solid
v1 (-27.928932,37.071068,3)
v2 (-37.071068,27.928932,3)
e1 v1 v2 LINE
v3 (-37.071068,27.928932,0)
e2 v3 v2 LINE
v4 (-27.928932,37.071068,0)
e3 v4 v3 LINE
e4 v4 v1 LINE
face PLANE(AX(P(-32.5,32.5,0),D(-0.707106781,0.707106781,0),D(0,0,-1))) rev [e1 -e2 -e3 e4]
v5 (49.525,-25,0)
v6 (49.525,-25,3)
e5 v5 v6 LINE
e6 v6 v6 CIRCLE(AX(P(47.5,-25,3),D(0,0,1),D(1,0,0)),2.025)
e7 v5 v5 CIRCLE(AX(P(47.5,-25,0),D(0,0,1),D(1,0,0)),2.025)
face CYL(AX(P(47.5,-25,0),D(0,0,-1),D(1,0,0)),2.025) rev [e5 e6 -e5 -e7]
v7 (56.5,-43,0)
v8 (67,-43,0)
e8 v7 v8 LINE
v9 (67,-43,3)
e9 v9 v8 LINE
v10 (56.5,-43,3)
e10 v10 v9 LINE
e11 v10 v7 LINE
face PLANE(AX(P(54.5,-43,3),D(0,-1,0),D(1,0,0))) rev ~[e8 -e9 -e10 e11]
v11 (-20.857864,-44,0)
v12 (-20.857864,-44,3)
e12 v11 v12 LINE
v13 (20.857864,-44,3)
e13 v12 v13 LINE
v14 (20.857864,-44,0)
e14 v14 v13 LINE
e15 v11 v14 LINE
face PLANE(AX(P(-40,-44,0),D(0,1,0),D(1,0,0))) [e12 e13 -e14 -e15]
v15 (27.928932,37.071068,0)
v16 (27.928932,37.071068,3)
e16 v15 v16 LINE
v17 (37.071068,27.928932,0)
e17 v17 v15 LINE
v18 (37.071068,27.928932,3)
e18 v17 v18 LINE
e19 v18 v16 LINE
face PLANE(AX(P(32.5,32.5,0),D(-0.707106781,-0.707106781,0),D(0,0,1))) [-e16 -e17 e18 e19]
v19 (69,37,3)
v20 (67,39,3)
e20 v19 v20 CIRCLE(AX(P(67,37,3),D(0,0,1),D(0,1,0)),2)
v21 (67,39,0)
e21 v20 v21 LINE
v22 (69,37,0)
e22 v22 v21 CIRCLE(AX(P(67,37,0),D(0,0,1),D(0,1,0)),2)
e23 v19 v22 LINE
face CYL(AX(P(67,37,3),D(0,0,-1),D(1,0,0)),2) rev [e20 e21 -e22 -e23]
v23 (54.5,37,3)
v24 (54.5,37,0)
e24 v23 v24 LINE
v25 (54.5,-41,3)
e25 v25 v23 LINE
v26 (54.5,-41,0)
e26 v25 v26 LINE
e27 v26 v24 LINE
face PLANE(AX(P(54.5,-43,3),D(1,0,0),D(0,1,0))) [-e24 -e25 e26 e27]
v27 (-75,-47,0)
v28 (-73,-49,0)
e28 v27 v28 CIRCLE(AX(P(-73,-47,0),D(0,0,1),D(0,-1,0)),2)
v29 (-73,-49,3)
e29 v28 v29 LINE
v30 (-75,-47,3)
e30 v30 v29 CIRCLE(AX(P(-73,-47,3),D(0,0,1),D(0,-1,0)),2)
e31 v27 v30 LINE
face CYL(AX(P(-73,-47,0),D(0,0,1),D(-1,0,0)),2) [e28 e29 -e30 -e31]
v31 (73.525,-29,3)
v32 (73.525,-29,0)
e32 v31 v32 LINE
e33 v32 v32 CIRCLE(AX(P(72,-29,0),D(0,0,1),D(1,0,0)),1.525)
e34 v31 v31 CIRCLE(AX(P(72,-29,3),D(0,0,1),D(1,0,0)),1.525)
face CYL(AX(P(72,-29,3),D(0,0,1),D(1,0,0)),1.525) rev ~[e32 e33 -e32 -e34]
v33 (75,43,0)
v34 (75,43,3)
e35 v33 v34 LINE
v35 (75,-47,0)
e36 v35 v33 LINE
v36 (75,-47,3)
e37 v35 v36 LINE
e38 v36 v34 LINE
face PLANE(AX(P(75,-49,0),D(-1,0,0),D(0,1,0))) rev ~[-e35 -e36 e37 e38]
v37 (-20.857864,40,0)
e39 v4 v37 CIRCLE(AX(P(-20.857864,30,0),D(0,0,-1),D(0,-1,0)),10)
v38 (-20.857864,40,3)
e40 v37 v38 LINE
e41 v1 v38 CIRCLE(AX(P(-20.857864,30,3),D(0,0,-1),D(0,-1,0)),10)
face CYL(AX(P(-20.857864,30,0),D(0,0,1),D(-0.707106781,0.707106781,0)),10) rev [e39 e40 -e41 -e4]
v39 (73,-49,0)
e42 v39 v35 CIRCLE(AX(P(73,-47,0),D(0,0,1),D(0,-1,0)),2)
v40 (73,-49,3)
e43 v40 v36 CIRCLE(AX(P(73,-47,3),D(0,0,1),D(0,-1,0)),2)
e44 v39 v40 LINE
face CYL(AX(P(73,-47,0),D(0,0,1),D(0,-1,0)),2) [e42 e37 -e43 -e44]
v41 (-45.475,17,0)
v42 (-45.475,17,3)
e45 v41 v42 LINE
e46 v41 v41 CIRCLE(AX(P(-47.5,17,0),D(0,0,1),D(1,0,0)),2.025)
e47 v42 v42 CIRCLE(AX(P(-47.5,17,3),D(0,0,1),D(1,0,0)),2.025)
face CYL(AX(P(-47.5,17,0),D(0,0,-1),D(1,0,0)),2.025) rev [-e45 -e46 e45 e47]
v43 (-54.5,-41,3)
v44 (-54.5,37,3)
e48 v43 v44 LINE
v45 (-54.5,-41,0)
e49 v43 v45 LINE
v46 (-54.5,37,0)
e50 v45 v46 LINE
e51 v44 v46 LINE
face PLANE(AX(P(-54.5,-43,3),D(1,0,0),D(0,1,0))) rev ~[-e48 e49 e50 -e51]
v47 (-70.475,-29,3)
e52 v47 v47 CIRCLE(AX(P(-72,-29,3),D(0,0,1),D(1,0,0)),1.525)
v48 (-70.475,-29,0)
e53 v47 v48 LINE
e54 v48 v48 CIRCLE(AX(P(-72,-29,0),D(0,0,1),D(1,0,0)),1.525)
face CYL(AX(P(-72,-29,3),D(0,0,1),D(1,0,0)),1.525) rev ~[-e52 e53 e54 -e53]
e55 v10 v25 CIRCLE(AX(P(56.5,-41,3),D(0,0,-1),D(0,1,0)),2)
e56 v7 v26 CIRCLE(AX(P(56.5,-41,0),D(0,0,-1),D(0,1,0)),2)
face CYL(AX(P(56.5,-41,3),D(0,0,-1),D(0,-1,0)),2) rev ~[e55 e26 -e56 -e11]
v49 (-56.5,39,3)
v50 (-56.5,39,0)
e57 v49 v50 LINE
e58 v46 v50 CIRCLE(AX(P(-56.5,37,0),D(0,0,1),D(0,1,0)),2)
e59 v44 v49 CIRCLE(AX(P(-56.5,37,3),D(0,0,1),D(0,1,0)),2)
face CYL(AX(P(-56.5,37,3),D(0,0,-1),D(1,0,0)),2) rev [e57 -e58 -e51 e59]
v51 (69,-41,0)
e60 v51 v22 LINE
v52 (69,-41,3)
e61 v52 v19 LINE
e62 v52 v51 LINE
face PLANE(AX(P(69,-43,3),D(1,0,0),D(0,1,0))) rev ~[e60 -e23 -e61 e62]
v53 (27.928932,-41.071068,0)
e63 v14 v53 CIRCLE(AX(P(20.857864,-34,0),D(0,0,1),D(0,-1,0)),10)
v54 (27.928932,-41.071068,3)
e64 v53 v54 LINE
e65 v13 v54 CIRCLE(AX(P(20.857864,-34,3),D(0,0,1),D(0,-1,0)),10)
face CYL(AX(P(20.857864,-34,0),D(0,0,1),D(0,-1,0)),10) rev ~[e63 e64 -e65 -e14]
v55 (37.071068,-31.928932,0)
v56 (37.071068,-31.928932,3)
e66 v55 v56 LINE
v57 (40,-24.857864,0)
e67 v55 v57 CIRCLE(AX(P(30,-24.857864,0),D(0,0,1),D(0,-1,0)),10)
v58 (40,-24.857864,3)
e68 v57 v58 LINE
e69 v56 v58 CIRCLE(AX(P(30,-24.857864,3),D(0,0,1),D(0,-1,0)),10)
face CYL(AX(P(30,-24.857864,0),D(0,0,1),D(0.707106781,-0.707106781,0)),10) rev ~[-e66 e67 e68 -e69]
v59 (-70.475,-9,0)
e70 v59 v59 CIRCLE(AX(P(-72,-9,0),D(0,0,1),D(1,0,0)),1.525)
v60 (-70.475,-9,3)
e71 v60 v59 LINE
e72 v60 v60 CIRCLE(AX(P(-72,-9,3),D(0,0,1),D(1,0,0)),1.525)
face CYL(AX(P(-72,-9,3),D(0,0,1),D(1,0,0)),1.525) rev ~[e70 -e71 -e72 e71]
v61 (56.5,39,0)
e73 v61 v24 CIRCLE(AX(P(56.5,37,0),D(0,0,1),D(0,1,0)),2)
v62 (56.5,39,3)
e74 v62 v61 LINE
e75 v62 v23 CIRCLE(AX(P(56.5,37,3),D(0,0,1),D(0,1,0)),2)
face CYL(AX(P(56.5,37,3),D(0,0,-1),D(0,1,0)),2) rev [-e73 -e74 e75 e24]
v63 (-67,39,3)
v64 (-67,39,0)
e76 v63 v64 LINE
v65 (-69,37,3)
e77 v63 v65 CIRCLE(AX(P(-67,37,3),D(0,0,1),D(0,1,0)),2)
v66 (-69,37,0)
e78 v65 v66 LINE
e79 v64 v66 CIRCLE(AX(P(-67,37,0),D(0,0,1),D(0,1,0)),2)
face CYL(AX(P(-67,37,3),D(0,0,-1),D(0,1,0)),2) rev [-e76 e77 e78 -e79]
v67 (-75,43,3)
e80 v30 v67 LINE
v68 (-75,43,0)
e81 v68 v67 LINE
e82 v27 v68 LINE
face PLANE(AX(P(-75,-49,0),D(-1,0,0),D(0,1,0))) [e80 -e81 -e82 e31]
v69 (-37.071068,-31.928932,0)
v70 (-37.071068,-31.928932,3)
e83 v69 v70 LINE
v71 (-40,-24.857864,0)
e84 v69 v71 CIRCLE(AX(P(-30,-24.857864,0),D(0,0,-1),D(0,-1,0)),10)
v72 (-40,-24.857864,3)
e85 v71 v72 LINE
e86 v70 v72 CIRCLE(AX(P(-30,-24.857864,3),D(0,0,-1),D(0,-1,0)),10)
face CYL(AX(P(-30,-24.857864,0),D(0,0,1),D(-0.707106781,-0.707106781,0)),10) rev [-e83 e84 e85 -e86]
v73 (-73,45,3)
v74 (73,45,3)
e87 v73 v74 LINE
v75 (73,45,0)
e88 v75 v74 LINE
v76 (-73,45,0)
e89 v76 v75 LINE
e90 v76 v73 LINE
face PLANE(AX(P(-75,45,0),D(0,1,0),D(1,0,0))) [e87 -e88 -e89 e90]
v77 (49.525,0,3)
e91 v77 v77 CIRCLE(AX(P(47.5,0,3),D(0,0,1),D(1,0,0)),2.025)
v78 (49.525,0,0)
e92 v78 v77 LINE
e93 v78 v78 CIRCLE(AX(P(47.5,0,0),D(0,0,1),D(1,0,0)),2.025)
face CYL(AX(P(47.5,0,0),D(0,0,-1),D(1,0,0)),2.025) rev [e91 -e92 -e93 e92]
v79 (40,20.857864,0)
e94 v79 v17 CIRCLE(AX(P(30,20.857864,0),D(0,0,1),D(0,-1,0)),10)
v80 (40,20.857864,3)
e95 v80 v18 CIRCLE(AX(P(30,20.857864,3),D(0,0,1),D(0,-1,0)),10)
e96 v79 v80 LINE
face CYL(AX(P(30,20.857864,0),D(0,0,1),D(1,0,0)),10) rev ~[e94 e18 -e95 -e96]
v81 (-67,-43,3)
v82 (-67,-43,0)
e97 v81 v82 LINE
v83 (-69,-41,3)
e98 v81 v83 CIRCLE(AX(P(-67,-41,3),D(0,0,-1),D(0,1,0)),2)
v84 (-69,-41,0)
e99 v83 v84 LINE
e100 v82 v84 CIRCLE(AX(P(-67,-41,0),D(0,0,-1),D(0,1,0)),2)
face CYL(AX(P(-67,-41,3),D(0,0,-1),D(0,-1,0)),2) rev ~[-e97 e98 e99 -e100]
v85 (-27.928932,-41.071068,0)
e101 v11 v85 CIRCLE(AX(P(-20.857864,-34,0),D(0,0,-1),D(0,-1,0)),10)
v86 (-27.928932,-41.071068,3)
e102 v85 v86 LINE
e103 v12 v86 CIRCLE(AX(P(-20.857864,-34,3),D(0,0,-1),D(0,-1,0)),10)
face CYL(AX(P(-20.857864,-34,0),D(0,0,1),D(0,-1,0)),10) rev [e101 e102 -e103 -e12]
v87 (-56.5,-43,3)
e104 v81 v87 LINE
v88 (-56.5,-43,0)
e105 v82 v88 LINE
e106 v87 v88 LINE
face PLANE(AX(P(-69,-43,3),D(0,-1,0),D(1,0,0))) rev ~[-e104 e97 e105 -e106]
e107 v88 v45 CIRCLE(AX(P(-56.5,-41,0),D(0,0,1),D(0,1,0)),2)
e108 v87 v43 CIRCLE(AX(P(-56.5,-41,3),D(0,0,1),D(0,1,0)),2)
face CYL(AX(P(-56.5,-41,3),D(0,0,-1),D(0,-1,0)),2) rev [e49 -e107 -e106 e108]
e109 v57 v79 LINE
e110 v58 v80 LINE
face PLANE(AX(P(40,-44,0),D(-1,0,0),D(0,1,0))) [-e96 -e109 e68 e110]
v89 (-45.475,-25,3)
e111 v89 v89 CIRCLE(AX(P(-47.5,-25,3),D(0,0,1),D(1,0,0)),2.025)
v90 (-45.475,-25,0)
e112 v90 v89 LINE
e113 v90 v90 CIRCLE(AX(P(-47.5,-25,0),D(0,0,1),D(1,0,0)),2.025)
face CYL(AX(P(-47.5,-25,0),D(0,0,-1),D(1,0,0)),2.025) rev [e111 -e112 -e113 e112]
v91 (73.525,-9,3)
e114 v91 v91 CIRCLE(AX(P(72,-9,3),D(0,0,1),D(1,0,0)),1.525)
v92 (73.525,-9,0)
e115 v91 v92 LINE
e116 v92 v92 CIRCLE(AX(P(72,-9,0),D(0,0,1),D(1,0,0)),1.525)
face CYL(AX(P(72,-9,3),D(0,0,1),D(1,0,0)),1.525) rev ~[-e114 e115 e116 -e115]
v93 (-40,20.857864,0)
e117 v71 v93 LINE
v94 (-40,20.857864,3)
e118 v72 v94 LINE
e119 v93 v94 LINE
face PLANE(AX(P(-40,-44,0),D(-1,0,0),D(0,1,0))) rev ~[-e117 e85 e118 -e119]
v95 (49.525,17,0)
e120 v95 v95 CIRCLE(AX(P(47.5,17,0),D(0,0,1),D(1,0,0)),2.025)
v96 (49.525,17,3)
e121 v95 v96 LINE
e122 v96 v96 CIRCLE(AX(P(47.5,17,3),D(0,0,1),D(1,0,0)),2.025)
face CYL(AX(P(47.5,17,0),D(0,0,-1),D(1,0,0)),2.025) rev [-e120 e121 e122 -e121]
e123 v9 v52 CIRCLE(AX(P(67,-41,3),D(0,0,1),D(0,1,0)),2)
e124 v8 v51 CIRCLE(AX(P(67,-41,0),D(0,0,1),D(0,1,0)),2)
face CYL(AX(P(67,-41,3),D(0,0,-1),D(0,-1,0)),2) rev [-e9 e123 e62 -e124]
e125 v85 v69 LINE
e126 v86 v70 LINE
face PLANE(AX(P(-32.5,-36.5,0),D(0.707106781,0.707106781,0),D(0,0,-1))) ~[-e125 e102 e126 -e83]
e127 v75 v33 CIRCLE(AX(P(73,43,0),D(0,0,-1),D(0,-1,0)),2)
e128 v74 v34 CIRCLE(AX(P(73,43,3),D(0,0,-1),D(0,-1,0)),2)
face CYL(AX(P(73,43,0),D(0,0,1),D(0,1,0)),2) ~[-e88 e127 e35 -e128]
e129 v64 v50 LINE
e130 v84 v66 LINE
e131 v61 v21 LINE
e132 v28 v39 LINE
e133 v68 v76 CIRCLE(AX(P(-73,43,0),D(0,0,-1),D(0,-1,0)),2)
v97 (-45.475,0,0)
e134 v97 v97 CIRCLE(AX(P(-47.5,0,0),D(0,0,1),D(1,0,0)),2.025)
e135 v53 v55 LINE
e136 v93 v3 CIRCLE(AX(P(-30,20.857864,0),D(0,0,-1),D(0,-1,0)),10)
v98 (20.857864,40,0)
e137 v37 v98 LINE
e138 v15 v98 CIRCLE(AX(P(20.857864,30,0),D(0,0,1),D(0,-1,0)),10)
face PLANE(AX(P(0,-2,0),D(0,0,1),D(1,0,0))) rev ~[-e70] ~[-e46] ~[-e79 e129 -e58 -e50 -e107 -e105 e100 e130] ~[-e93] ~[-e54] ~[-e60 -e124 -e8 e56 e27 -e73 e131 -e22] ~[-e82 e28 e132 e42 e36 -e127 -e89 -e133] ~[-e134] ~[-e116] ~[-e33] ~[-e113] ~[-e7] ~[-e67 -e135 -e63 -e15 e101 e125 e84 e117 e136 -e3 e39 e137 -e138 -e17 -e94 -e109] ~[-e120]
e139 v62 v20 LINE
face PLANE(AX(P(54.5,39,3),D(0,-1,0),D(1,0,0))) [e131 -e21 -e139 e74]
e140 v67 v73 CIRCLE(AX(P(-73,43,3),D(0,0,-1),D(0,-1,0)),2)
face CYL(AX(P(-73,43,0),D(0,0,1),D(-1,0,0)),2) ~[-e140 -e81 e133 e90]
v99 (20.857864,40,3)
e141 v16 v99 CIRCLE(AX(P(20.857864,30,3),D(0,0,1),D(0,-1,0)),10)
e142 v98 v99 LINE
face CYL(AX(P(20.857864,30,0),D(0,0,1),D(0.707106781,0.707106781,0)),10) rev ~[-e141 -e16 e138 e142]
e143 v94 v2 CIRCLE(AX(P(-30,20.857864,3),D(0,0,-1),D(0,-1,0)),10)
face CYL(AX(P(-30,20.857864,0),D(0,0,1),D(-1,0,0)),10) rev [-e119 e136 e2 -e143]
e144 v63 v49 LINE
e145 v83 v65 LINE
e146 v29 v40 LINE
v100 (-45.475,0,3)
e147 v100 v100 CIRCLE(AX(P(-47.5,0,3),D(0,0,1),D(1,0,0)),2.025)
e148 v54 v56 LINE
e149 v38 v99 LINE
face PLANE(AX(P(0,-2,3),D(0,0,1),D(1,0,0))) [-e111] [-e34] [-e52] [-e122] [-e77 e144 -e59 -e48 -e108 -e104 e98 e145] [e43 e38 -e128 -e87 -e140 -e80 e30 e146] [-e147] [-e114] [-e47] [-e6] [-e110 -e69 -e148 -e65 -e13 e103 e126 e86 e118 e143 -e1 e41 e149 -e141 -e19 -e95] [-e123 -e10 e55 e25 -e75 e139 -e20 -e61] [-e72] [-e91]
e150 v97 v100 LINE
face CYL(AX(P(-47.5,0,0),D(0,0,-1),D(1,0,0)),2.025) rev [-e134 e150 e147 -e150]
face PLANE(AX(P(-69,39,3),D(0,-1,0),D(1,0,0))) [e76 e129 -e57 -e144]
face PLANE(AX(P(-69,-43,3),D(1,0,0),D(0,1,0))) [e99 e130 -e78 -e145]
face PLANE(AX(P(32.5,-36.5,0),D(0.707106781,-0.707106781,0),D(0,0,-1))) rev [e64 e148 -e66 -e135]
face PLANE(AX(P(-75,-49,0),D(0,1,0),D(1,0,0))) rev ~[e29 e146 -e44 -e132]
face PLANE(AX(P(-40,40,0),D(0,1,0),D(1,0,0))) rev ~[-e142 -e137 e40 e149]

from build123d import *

# Parameters (mm, degrees)
SKETCH_1_W          = 150
SKETCH_1_H          = 94
SKETCH_1_R          = 2.025
SKETCH_1_W_2        = 80
SKETCH_1_H_2        = 84
EXTRUDE_1_DEPTH     = 3
CHAMFER_1_SIZE      = 15
FILLET_1_R          = 10
SKETCH_2_W          = 14.5
SKETCH_2_H          = 82
CUT_EXTRUDE_1_DEPTH = 10
FILLET_2_R          = 2
SKETCH_3_R          = 1.525
CUT_EXTRUDE_2_DEPTH = 10


with BuildPart() as part:
    # 草图1 → 凸台-拉伸1 (new body)
    with BuildSketch(Plane.XY):
        with Locations((0, -2)):
            Rectangle(SKETCH_1_W, SKETCH_1_H)
        with Locations((-47.5, 0)):
            Circle(SKETCH_1_R, mode=Mode.SUBTRACT)
        with Locations((-47.5, 17)):
            Circle(SKETCH_1_R, mode=Mode.SUBTRACT)
        with Locations((-47.5, -25)):
            Circle(SKETCH_1_R, mode=Mode.SUBTRACT)
        with Locations((47.5, -25)):
            Circle(SKETCH_1_R, mode=Mode.SUBTRACT)
        with Locations((47.5, 17)):
            Circle(SKETCH_1_R, mode=Mode.SUBTRACT)
        with Locations((47.5, 0)):
            Circle(SKETCH_1_R, mode=Mode.SUBTRACT)
        with Locations((0, -2)):
            Rectangle(SKETCH_1_W_2, SKETCH_1_H_2, mode=Mode.SUBTRACT)
    extrude(amount=EXTRUDE_1_DEPTH)

    # 倒角1
    chamfer_1_edges = [part.edges().sort_by_distance(p)[0] for p in [
        (40, -44, 1.5),
        (40, 40, 1.5),
        (-40, 40, 1.5),
        (-40, -44, 1.5),
    ]]
    chamfer(chamfer_1_edges, length=CHAMFER_1_SIZE)

    # 圆角1
    fillet_1_edges = [part.edges().sort_by_distance(p)[0] for p in [
        (-25, -44, 1.5),
        (25, -44, 1.5),
        (40, 25, 1.5),
        (40, -29, 1.5),
        (-25, 40, 1.5),
        (25, 40, 1.5),
        (-40, -29, 1.5),
        (-40, 25, 1.5),
    ]]
    fillet(fillet_1_edges, radius=FILLET_1_R)

    # 草图2 → 切除-拉伸1 (cut)
    with BuildSketch(Plane.XY.offset(3)):
        with Locations((-61.75, -2)):
            Rectangle(SKETCH_2_W, SKETCH_2_H)
        with Locations((61.75, -2)):
            Rectangle(SKETCH_2_W, SKETCH_2_H)
    extrude(amount=-CUT_EXTRUDE_1_DEPTH, mode=Mode.SUBTRACT)

    # 圆角2
    fillet_2_edges = [part.edges().sort_by_distance(p)[0] for p in [
        (-69, -43, 1.5),
        (-69, 39, 1.5),
        (-54.5, 39, 1.5),
        (-54.5, -43, 1.5),
        (69, 39, 1.5),
        (69, -43, 1.5),
        (54.5, -43, 1.5),
        (54.5, 39, 1.5),
        (-75, 45, 1.5),
        (75, 45, 1.5),
        (75, -49, 1.5),
        (-75, -49, 1.5),
    ]]
    fillet(fillet_2_edges, radius=FILLET_2_R)

    # 草图3 → 切除-拉伸2 (cut)
    with BuildSketch(Plane.XY.offset(3)):
        with Locations((72, -9)):
            Circle(SKETCH_3_R)
        with Locations((72, -29)):
            Circle(SKETCH_3_R)
        with Locations((-72, -29)):
            Circle(SKETCH_3_R)
        with Locations((-72, -9)):
            Circle(SKETCH_3_R)
    extrude(amount=-CUT_EXTRUDE_2_DEPTH, mode=Mode.SUBTRACT)


solid = part.part
